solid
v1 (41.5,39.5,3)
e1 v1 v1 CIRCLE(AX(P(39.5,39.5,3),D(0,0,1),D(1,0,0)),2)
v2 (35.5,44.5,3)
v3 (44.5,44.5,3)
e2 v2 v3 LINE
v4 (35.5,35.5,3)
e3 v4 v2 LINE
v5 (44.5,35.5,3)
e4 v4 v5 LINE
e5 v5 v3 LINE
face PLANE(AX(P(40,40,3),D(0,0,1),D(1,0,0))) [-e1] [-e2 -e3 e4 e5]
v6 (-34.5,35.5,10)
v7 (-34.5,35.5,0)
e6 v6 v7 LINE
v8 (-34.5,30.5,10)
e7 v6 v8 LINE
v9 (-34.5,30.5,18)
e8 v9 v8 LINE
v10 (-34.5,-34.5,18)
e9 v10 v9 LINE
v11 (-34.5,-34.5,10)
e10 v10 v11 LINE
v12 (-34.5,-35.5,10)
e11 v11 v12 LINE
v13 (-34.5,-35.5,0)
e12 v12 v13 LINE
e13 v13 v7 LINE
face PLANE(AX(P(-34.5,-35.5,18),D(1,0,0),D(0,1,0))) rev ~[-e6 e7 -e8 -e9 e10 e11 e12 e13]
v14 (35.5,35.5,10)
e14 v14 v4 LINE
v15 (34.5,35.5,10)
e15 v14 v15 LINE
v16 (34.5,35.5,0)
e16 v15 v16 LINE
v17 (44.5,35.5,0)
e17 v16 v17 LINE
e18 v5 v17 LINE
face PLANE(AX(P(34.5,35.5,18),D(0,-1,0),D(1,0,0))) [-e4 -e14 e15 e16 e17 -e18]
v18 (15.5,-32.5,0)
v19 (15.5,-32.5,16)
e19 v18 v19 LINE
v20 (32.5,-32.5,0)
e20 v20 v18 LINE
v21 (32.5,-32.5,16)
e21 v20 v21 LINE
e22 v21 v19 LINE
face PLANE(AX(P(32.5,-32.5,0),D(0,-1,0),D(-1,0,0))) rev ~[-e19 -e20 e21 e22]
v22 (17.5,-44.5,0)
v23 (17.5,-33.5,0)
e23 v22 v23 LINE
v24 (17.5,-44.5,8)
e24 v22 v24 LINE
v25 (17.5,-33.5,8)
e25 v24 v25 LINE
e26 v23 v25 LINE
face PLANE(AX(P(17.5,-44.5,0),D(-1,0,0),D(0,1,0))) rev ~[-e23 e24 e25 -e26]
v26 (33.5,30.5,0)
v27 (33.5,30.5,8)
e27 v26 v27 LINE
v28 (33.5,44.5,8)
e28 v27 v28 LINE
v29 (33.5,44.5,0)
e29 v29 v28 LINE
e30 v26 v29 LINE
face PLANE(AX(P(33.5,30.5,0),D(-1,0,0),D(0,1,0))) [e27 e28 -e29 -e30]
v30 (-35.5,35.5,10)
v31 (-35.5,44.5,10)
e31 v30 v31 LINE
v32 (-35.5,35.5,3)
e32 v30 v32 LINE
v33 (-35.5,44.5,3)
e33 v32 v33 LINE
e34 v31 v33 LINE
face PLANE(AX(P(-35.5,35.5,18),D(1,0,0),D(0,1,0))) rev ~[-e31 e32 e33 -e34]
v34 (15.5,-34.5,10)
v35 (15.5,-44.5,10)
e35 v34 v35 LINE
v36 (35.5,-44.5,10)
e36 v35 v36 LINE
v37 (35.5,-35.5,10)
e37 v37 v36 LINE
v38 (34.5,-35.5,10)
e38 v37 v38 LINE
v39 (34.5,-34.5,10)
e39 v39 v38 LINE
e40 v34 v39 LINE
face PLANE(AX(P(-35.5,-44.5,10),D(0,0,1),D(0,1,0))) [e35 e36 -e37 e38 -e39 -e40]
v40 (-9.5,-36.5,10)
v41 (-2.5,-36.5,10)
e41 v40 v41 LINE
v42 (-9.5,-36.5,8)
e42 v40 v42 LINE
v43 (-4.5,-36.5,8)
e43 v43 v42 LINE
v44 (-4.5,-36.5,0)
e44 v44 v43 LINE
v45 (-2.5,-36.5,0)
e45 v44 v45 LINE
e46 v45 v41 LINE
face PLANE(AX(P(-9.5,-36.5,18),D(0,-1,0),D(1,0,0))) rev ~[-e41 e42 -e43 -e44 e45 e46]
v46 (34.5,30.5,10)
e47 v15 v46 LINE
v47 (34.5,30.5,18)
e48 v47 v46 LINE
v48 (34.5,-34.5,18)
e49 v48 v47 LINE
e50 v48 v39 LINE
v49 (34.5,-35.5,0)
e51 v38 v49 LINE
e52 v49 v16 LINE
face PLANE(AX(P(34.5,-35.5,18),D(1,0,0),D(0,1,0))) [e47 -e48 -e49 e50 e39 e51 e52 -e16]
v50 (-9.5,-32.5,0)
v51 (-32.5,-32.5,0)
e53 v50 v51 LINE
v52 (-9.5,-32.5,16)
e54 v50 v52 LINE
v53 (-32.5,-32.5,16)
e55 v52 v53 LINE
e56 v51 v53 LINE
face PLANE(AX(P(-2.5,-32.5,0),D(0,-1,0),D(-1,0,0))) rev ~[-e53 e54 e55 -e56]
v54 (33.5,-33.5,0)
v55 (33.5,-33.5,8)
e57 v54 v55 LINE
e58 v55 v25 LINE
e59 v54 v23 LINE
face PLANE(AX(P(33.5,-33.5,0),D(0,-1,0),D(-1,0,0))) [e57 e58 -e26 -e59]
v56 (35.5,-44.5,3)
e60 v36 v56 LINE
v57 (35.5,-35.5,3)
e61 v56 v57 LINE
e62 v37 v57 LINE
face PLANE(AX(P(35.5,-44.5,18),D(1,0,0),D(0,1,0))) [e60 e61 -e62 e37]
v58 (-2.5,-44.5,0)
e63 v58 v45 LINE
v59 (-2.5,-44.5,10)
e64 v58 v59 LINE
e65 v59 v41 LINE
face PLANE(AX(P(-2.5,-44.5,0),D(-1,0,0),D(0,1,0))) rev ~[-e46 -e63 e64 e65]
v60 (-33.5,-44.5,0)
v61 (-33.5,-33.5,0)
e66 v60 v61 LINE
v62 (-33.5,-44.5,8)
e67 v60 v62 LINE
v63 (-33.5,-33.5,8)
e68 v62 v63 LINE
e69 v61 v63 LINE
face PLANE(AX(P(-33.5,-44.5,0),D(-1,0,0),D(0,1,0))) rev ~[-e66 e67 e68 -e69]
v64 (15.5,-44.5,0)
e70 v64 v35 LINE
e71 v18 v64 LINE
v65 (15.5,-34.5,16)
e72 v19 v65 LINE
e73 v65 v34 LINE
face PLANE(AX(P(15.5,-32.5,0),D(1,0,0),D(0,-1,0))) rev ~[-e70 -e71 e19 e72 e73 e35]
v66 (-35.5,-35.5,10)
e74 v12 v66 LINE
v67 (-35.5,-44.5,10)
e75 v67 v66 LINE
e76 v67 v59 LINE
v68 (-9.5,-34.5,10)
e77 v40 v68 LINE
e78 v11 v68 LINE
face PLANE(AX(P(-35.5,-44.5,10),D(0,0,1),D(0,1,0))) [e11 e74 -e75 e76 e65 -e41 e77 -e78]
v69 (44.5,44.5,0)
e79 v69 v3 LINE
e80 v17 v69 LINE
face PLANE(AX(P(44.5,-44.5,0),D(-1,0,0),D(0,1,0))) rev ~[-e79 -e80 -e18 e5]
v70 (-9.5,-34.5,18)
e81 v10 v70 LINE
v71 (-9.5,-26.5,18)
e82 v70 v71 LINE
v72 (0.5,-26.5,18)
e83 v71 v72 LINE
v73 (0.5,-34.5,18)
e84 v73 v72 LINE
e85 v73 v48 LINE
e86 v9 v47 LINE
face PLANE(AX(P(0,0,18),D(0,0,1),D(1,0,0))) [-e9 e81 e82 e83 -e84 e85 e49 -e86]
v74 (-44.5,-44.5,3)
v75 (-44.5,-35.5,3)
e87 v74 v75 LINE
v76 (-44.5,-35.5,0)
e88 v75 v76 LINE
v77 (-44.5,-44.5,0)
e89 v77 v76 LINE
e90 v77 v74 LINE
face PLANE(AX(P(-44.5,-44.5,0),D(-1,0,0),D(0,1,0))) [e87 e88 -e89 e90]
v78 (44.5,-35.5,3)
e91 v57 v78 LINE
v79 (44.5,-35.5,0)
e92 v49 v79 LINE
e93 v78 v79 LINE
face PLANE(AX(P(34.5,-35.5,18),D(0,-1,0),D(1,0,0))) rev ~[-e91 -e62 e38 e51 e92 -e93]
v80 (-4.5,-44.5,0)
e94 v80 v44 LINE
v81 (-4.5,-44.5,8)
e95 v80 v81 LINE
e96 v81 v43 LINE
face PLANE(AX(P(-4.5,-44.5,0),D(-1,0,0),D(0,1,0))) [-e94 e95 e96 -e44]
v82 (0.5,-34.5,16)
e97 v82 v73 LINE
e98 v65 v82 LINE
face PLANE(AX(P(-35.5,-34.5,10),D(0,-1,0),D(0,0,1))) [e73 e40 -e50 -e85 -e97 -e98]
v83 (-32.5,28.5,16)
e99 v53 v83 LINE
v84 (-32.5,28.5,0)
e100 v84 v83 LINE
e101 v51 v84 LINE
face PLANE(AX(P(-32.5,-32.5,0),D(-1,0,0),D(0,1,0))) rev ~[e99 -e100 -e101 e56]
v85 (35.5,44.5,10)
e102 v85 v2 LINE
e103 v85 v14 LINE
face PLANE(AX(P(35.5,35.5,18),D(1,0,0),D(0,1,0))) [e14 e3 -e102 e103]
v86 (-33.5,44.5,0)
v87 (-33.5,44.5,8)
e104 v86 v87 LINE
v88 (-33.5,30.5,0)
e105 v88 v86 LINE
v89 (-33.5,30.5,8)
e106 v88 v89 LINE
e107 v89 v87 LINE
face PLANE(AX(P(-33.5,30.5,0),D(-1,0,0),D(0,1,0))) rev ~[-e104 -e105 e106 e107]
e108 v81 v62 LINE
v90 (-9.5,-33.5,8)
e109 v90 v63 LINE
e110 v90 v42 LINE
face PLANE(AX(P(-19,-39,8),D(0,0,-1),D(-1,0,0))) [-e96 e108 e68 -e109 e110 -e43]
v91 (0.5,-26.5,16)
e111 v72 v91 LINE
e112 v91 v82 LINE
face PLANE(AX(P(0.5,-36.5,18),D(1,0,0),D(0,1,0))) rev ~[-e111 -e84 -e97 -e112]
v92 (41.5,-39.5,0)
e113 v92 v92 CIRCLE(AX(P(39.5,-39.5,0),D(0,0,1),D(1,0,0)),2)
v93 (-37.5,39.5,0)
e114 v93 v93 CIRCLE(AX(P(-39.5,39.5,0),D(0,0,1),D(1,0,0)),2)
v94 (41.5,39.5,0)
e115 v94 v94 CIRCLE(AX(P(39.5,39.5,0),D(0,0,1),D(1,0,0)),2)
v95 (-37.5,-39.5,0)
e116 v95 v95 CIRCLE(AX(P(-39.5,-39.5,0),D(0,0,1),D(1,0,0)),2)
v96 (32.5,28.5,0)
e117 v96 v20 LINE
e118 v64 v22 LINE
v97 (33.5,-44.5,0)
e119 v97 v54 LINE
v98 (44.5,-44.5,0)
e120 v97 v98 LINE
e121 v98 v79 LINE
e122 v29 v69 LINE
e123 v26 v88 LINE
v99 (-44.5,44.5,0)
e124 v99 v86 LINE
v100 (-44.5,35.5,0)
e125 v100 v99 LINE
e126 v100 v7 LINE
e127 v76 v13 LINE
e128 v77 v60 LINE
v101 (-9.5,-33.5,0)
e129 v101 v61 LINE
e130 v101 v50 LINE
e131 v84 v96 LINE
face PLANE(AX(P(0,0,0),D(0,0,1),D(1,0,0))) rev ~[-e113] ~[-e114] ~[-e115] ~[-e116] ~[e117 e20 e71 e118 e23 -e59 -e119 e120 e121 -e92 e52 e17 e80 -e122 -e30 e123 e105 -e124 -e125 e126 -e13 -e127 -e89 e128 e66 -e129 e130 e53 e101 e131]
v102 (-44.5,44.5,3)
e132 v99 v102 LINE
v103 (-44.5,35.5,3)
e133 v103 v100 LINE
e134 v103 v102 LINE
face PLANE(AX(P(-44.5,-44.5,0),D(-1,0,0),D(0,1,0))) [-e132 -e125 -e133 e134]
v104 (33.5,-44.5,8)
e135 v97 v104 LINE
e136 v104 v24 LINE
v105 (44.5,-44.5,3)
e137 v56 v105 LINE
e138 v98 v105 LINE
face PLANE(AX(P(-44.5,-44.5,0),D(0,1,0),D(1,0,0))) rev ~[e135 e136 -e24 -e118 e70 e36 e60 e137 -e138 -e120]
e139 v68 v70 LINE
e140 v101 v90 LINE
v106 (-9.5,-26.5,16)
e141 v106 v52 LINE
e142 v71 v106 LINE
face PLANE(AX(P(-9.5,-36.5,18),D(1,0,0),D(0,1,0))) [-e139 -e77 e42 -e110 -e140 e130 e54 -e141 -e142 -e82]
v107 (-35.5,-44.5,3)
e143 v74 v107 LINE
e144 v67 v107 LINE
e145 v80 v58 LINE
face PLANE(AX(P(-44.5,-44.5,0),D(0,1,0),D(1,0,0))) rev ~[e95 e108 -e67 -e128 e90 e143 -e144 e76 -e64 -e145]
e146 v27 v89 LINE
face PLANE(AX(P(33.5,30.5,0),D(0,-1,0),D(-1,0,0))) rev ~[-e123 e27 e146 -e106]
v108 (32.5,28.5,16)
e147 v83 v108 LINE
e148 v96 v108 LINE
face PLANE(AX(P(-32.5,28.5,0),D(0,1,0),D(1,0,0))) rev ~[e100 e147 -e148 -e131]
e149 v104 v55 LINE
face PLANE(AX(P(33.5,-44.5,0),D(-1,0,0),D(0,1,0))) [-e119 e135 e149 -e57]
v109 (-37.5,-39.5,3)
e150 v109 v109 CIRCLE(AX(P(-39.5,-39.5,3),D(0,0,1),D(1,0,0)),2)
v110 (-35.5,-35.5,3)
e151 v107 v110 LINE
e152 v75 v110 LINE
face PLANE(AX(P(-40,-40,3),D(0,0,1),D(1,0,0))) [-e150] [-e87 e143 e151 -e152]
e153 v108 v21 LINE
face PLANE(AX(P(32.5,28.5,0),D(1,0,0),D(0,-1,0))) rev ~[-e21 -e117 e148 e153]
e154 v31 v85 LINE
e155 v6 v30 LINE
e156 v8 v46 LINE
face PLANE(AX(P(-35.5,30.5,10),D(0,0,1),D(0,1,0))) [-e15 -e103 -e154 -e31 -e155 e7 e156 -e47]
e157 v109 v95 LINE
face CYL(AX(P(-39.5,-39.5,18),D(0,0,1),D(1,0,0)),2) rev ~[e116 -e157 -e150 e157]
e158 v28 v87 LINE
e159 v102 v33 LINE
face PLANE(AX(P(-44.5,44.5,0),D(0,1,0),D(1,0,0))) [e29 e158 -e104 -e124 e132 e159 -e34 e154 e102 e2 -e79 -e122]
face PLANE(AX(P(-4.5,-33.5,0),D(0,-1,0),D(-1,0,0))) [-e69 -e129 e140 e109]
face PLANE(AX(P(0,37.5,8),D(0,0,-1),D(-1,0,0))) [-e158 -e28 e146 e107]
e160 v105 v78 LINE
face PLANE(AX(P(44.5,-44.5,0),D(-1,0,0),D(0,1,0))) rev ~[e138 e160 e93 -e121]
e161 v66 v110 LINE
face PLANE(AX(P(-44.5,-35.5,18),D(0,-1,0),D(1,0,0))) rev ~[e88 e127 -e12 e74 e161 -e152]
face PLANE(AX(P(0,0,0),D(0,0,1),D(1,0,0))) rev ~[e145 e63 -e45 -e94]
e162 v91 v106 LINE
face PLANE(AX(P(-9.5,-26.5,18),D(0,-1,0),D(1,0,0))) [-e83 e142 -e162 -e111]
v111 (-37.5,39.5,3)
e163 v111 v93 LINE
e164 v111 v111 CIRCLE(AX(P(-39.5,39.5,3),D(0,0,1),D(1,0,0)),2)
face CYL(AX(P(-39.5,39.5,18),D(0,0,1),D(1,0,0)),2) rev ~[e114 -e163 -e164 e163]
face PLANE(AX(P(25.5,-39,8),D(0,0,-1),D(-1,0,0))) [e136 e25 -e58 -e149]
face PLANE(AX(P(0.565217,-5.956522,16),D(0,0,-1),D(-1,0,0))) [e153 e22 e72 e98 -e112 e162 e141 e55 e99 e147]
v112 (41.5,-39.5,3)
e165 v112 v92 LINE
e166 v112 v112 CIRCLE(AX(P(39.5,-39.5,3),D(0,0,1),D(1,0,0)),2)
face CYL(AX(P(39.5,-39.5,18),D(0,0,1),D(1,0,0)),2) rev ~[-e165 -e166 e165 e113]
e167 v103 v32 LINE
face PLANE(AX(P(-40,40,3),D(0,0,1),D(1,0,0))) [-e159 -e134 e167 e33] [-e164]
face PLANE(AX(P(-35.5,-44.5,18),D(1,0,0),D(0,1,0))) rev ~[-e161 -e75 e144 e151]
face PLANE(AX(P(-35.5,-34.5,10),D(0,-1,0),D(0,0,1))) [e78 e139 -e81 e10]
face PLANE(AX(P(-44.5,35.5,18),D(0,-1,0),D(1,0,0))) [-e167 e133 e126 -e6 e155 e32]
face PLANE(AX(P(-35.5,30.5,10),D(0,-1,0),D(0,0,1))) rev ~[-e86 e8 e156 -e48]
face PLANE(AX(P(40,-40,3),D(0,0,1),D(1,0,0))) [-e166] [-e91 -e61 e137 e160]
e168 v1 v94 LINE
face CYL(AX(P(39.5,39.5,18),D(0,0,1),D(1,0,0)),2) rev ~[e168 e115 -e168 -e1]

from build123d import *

# Parameters (mm, degrees)
ESQUISSE1_W                  = 89
ESQUISSE1_H                  = 89
MAIN_EXTRUSION_DEPTH         = 18
ESQUISSE2_R                  = 2
FIXATION_HOLE_DEPTH          = 19
ESQUISSE3_W                  = 9
ESQUISSE3_H                  = 9
FIXATION_SQUARE_DEPTH        = 15
CPU_RJ11_DEPTH               = 16
ESQUISSE5_W                  = 10
ESQUISSE5_H                  = 71
ENL_V_MAT_EXTRU_4_DEPTH      = 19
ESQUISSE6_W                  = 67
ESQUISSE6_H                  = 14
ESQUISSE6_W_2                = 16
ESQUISSE6_H_2                = 11
ESQUISSE6_W_3                = 29
HE10_CONNECTORS_DEPTH        = 8
ESQUISSE7_W                  = 8
ESQUISSE7_H                  = 14
ESQUISSE7_H_2                = 10
HE10_CONNECTORS_TOP_DEPTH    = 81
ESQUISSE9_W                  = 10
ESQUISSE9_H                  = 10
ENL_V_MAT_EXTRU_7_DEPTH      = 1
ENL_V_MAT_EXTRU_7_DEPTH_BACK = 19


with BuildPart() as part:
    # Esquisse1 → Main Extrusion (new body)
    with BuildSketch(Plane.XY):
        Rectangle(ESQUISSE1_W, ESQUISSE1_H)
    extrude(amount=MAIN_EXTRUSION_DEPTH)

    # Esquisse2 → Fixation Hole (cut, through all)
    with BuildSketch(Plane.XY.offset(18)):
        with Locations((-39.5, 39.5)):
            Circle(ESQUISSE2_R)
        with Locations((39.5, 39.5)):
            Circle(ESQUISSE2_R)
        with Locations((39.5, -39.5)):
            Circle(ESQUISSE2_R)
        with Locations((-39.5, -39.5)):
            Circle(ESQUISSE2_R)
    extrude(amount=-FIXATION_HOLE_DEPTH, mode=Mode.SUBTRACT)

    # Esquisse3 → Fixation Square (cut)
    with BuildSketch(Plane.XY.offset(18)):
        with Locations((-40, 40)):
            Rectangle(ESQUISSE3_W, ESQUISSE3_H)
        with Locations((-40, -40)):
            Rectangle(ESQUISSE3_W, ESQUISSE3_H)
        with Locations((40, -40)):
            Rectangle(ESQUISSE3_W, ESQUISSE3_H)
        with Locations((40, 40)):
            Rectangle(ESQUISSE3_W, ESQUISSE3_H)
    extrude(amount=-FIXATION_SQUARE_DEPTH, mode=Mode.SUBTRACT)

    # Esquisse4 → CPU + RJ11 (cut)
    with BuildSketch(Plane(origin=(0, 0, 0), x_dir=(-1, 0, 0), z_dir=(0, 0, -1))):
        Polygon((-32.5, -32.5), (-15.5, -32.5), (-15.5, -44.5), (2.5, -44.5), (2.5, -32.5), (32.5, -32.5), (32.5, 28.5), (-32.5, 28.5), align=None)
    extrude(amount=-CPU_RJ11_DEPTH, mode=Mode.SUBTRACT)

    # Esquisse5 → Enlèv. mat.-Extru.4 (cut, through all)
    with BuildSketch(Plane.XY.offset(18)):
        with Locations((-39.5, 0)):
            Rectangle(ESQUISSE5_W, ESQUISSE5_H)
        with Locations((39.5, 0)):
            Rectangle(ESQUISSE5_W, ESQUISSE5_H)
    extrude(amount=-ENL_V_MAT_EXTRU_4_DEPTH, mode=Mode.SUBTRACT)

    # Esquisse6 → HE10 Connectors (cut)
    with BuildSketch(Plane(origin=(0, 0, 0), x_dir=(-1, 0, 0), z_dir=(0, 0, -1))):
        with Locations((0, 37.5)):
            Rectangle(ESQUISSE6_W, ESQUISSE6_H)
        with Locations((-25.5, -39)):
            Rectangle(ESQUISSE6_W_2, ESQUISSE6_H_2)
        with Locations((19, -39)):
            Rectangle(ESQUISSE6_W_3, ESQUISSE6_H_2)
    extrude(amount=-HE10_CONNECTORS_DEPTH, mode=Mode.SUBTRACT)

    # Esquisse7 → HE10 Connectors Top (cut, through all)
    with BuildSketch(Plane.ZY.offset(35.5)):
        with Locations((14, 37.5)):
            Rectangle(ESQUISSE7_W, ESQUISSE7_H)
        with Locations((14, -39.5)):
            Rectangle(ESQUISSE7_W, ESQUISSE7_H_2)
    extrude(amount=-HE10_CONNECTORS_TOP_DEPTH, mode=Mode.SUBTRACT)

    # Esquisse9 → Enlèv. mat.-Extru.7 (cut, two sides)
    with BuildSketch(Plane.XY.offset(18)) as enl_v_mat_extru_7_sk:
        with Locations((-4.5, -31.5)):
            Rectangle(ESQUISSE9_W, ESQUISSE9_H)
    extrude(amount=ENL_V_MAT_EXTRU_7_DEPTH, mode=Mode.SUBTRACT)
    extrude(enl_v_mat_extru_7_sk.sketch, amount=-ENL_V_MAT_EXTRU_7_DEPTH_BACK, mode=Mode.SUBTRACT)


solid = part.part
